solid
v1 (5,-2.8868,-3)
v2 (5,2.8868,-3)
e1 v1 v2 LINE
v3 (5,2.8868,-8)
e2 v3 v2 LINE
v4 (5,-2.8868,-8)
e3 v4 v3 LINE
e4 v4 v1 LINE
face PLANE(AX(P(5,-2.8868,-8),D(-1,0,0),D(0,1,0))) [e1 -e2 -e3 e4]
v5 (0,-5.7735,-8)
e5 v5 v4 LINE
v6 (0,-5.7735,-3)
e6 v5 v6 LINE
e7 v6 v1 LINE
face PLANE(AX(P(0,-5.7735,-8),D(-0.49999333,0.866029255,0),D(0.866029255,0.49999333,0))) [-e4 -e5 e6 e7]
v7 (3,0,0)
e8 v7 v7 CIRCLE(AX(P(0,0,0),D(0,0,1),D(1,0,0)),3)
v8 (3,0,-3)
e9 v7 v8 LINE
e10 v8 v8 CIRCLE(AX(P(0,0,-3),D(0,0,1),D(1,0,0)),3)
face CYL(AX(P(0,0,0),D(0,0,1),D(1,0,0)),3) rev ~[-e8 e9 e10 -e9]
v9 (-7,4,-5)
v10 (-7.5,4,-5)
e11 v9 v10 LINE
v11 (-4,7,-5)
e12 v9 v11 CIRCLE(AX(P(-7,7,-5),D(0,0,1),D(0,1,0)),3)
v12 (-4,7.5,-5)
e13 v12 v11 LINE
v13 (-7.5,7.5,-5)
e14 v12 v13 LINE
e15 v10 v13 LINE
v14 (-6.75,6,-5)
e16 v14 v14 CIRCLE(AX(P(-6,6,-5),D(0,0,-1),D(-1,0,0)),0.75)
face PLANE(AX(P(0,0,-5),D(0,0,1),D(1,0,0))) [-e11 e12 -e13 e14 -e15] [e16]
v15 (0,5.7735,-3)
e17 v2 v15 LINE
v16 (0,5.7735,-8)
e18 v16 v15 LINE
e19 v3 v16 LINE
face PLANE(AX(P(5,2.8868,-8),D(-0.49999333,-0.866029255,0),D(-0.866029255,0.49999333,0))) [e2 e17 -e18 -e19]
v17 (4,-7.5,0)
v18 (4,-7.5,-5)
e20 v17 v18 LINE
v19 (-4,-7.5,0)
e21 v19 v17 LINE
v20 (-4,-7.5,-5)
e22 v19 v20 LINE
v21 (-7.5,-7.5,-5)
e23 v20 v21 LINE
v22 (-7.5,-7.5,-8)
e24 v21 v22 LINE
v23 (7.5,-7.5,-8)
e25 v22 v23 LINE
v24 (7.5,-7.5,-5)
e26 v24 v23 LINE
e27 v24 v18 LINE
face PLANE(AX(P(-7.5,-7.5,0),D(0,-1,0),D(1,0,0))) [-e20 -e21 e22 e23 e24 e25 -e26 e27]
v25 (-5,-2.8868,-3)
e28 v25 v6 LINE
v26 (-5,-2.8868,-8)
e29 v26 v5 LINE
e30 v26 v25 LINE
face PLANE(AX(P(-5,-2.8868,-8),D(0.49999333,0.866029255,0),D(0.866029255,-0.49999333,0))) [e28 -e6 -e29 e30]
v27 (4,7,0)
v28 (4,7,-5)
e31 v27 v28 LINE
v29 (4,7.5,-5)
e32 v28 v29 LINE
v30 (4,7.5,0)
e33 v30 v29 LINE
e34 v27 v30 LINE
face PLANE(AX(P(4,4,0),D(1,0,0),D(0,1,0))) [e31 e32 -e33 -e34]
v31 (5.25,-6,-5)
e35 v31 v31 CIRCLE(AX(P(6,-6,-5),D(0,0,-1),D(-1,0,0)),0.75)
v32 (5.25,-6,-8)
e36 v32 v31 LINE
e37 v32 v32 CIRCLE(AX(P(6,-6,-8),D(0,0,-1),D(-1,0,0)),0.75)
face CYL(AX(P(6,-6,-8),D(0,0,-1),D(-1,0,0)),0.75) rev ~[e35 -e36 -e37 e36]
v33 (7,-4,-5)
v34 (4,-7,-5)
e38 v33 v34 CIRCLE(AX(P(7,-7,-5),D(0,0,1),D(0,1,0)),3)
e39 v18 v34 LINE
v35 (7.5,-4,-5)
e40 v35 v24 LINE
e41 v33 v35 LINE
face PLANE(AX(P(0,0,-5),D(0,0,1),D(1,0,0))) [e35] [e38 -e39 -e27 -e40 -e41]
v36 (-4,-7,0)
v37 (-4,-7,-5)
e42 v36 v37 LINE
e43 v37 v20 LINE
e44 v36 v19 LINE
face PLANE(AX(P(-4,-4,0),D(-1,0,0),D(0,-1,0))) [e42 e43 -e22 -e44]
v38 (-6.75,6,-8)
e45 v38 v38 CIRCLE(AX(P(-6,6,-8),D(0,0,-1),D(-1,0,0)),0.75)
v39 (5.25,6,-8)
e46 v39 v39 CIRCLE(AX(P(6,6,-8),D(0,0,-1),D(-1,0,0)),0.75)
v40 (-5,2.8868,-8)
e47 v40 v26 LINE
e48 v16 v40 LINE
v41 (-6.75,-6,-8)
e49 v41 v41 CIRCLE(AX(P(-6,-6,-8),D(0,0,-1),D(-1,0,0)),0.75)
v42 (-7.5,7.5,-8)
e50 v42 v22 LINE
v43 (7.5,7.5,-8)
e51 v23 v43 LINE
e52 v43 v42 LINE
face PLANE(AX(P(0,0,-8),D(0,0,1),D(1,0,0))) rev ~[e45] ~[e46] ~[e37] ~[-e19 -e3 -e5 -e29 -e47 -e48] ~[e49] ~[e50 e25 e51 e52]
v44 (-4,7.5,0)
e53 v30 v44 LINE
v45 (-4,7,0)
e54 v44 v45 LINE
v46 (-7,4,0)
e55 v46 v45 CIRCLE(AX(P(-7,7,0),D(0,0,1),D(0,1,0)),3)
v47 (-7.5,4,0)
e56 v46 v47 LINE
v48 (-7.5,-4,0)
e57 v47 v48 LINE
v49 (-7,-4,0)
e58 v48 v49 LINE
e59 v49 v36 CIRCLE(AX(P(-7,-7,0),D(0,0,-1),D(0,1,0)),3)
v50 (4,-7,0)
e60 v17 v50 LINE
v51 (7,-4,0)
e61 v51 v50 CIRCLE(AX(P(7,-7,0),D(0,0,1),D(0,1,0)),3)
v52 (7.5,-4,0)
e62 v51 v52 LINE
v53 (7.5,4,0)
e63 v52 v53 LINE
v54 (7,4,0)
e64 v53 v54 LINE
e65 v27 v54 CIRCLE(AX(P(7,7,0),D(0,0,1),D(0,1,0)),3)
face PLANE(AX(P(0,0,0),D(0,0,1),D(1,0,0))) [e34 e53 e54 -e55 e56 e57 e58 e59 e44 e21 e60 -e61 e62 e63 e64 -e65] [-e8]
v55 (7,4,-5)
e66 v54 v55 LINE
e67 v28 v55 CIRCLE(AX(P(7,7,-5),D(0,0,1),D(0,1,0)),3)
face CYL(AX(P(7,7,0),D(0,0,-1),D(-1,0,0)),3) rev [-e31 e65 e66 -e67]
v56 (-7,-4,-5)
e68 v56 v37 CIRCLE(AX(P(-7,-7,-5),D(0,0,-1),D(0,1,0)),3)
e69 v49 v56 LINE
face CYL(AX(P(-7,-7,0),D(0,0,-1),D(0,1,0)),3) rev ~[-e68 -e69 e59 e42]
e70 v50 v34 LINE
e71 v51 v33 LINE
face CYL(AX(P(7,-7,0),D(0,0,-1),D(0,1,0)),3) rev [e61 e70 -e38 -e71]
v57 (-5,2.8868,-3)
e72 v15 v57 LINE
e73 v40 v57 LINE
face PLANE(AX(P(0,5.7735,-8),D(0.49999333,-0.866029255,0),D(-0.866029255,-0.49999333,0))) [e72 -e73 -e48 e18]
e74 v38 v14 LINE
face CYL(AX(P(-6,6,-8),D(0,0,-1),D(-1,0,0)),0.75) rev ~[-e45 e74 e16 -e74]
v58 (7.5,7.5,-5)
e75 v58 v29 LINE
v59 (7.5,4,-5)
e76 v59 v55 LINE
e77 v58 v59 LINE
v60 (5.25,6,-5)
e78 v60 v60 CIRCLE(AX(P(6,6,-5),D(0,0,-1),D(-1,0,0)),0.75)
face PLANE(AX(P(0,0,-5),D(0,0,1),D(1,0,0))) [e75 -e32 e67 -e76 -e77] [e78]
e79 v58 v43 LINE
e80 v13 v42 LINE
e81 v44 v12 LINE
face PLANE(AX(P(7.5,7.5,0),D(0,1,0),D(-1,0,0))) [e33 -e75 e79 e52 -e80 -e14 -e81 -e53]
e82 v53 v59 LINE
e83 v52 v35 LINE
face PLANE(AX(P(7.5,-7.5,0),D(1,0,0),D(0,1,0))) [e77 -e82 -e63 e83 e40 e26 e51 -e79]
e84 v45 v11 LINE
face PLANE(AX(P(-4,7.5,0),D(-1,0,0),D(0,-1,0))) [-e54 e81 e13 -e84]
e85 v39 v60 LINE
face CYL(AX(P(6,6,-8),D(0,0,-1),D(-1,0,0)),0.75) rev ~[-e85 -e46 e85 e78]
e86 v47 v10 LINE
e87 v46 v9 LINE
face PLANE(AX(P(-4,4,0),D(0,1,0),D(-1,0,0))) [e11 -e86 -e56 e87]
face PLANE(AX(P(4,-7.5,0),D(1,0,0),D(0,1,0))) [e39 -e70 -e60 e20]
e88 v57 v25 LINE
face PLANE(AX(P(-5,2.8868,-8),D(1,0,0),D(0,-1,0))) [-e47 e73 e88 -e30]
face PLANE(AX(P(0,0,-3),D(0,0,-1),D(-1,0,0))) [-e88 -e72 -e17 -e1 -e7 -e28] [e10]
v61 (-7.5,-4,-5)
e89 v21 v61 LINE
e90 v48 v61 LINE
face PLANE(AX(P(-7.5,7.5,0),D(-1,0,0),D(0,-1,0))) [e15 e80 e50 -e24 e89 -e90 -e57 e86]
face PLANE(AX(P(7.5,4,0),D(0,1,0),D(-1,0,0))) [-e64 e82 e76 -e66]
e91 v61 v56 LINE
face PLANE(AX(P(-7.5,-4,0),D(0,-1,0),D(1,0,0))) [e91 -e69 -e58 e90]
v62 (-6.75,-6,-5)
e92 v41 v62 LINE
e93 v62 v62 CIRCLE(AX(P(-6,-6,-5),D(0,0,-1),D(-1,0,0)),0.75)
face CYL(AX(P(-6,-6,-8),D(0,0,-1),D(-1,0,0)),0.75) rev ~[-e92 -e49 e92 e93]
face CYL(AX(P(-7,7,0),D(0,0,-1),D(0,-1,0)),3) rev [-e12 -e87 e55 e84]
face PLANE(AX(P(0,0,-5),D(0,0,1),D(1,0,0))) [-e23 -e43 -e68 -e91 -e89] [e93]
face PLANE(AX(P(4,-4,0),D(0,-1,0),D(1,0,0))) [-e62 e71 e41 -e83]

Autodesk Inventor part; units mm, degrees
ref_plane "YZ Plane" through (0, 0, 0) normal (1, 0, 0) x (0, 1, 0)
ref_plane "XZ Plane" through (0, 0, 0) normal (0, 1, 0) x (-1, 0, 0)
ref_plane "XY Plane" through (0, 0, 0) normal (0, 0, 1) x (1, 0, 0)
sketch "Boceto1" plane through (0, 0, 0) normal (0, 0, 1) x (1, 0, 0)
  line L0 (-7.5, -7.5) -> (7.5, -7.5)
  line L1 (7.5, -7.5) -> (7.5, 7.5)
  line L2 (7.5, 7.5) -> (-7.5, 7.5)
  line L3 (-7.5, 7.5) -> (-7.5, -7.5)
  line L4 (-7.5, -7.5) -> (7.5, 7.5) construction
  line L5 (7.5, -7.5) -> (-7.5, 7.5) construction
  dimension "d2" = 15
extrude "Extrusión1" add sketch "Boceto1" against normal blind 8
sketch "Boceto2" plane through (0, 0, -8) normal (0, 0, -1) x (-1, 0, 0)
  circle A0 centre (-6, 6) radius 0.75
  line L0 (6, -6) -> (-6, -6) construction
  line L1 (-6, -6) -> (-6, 6) construction
  line L2 (-6, 6) -> (6, 6) construction
  line L3 (6, 6) -> (6, -6) construction
  line L4 (6, -6) -> (-6, 6) construction
  line L5 (-6, -6) -> (6, 6) construction
  circle A1 centre (6, 6) radius 0.75
  circle A2 centre (6, -6) radius 0.75
  circle A3 centre (-6, -6) radius 0.75
  point P0 (0, 0)
  dimension "d5" = 12
  dimension "d6" = 1.5
extrude "Extrusión2" cut sketch "Boceto2" against normal up to surface (8 mm away)
sketch "Boceto3" plane through (0, 0, 0) normal (0, 0, 1) x (1, 0, 0)
  line L0 (7.5, 7.5) -> (-7.5, 7.5) projected
  line L1 (-7.5, 7.5) -> (-4, 7.5)
  line L2 (-4, 7.5) -> (-4, 4)
  line L3 (-4, 4) -> (-7.5, 4)
  line L4 (-7.5, 4) -> (-7.5, 7.5)
  line L5 (-7.5, -7.5) -> (-7.5, -4)
  line L6 (-7.5, -4) -> (-4, -4)
  line L7 (-4, -4) -> (-4, -7.5)
  line L8 (-4, -7.5) -> (-7.5, -7.5)
  line L9 (7.5, -7.5) -> (4, -7.5)
  line L10 (4, -7.5) -> (4, -4)
  line L11 (4, -4) -> (7.5, -4)
  line L12 (7.5, -4) -> (7.5, -7.5)
  line L13 (7.5, 7.5) -> (7.5, 4)
  line L14 (7.5, 4) -> (4, 4)
  line L15 (4, 4) -> (4, 7.5)
  line L16 (4, 7.5) -> (7.5, 7.5)
  point P0 (0, 0)
  point P1 (0, 0)
  point P2 (0, 0)
  point P3 (0, 0)
  dimension "d9" = 3.5
  dimension "d12" = 360
extrude "Extrusión3" cut sketch "Boceto3" against normal blind 5
fillet "Empalme1" radius 3 4 edges at (-4, 4, -2.5) (4, 4, -2.5) (4, -4, -2.5) (-4, -4, -2.5)
sketch "Boceto4" plane through (0, 0, -8) normal (0, 0, -1) x (-1, 0, 0)
  line L0 (0, 5.7735) -> (5, 2.8868)
  line L1 (5, 2.8868) -> (5, -2.8868)
  line L2 (5, -2.8868) -> (0, -5.7735)
  line L3 (0, -5.7735) -> (-5, -2.8868)
  line L4 (-5, -2.8868) -> (-5, 2.8868)
  line L5 (-5, 2.8868) -> (0, 5.7735)
  point P0 (0, 0)
  point P1 (0, 0)
  dimension "d17" = 10
extrude "Extrusión4" cut sketch "Boceto4" against normal blind 5
sketch "Boceto5" plane through (0, 0, 0) normal (0, 0, 1) x (1, 0, 0)
  circle A0 centre (0, 0) radius 3
  dimension "d20" = 6
extrude "Extrusión5" cut sketch "Boceto5" against normal up to surface (8 mm away)
properties part number "sujecion_cable"
